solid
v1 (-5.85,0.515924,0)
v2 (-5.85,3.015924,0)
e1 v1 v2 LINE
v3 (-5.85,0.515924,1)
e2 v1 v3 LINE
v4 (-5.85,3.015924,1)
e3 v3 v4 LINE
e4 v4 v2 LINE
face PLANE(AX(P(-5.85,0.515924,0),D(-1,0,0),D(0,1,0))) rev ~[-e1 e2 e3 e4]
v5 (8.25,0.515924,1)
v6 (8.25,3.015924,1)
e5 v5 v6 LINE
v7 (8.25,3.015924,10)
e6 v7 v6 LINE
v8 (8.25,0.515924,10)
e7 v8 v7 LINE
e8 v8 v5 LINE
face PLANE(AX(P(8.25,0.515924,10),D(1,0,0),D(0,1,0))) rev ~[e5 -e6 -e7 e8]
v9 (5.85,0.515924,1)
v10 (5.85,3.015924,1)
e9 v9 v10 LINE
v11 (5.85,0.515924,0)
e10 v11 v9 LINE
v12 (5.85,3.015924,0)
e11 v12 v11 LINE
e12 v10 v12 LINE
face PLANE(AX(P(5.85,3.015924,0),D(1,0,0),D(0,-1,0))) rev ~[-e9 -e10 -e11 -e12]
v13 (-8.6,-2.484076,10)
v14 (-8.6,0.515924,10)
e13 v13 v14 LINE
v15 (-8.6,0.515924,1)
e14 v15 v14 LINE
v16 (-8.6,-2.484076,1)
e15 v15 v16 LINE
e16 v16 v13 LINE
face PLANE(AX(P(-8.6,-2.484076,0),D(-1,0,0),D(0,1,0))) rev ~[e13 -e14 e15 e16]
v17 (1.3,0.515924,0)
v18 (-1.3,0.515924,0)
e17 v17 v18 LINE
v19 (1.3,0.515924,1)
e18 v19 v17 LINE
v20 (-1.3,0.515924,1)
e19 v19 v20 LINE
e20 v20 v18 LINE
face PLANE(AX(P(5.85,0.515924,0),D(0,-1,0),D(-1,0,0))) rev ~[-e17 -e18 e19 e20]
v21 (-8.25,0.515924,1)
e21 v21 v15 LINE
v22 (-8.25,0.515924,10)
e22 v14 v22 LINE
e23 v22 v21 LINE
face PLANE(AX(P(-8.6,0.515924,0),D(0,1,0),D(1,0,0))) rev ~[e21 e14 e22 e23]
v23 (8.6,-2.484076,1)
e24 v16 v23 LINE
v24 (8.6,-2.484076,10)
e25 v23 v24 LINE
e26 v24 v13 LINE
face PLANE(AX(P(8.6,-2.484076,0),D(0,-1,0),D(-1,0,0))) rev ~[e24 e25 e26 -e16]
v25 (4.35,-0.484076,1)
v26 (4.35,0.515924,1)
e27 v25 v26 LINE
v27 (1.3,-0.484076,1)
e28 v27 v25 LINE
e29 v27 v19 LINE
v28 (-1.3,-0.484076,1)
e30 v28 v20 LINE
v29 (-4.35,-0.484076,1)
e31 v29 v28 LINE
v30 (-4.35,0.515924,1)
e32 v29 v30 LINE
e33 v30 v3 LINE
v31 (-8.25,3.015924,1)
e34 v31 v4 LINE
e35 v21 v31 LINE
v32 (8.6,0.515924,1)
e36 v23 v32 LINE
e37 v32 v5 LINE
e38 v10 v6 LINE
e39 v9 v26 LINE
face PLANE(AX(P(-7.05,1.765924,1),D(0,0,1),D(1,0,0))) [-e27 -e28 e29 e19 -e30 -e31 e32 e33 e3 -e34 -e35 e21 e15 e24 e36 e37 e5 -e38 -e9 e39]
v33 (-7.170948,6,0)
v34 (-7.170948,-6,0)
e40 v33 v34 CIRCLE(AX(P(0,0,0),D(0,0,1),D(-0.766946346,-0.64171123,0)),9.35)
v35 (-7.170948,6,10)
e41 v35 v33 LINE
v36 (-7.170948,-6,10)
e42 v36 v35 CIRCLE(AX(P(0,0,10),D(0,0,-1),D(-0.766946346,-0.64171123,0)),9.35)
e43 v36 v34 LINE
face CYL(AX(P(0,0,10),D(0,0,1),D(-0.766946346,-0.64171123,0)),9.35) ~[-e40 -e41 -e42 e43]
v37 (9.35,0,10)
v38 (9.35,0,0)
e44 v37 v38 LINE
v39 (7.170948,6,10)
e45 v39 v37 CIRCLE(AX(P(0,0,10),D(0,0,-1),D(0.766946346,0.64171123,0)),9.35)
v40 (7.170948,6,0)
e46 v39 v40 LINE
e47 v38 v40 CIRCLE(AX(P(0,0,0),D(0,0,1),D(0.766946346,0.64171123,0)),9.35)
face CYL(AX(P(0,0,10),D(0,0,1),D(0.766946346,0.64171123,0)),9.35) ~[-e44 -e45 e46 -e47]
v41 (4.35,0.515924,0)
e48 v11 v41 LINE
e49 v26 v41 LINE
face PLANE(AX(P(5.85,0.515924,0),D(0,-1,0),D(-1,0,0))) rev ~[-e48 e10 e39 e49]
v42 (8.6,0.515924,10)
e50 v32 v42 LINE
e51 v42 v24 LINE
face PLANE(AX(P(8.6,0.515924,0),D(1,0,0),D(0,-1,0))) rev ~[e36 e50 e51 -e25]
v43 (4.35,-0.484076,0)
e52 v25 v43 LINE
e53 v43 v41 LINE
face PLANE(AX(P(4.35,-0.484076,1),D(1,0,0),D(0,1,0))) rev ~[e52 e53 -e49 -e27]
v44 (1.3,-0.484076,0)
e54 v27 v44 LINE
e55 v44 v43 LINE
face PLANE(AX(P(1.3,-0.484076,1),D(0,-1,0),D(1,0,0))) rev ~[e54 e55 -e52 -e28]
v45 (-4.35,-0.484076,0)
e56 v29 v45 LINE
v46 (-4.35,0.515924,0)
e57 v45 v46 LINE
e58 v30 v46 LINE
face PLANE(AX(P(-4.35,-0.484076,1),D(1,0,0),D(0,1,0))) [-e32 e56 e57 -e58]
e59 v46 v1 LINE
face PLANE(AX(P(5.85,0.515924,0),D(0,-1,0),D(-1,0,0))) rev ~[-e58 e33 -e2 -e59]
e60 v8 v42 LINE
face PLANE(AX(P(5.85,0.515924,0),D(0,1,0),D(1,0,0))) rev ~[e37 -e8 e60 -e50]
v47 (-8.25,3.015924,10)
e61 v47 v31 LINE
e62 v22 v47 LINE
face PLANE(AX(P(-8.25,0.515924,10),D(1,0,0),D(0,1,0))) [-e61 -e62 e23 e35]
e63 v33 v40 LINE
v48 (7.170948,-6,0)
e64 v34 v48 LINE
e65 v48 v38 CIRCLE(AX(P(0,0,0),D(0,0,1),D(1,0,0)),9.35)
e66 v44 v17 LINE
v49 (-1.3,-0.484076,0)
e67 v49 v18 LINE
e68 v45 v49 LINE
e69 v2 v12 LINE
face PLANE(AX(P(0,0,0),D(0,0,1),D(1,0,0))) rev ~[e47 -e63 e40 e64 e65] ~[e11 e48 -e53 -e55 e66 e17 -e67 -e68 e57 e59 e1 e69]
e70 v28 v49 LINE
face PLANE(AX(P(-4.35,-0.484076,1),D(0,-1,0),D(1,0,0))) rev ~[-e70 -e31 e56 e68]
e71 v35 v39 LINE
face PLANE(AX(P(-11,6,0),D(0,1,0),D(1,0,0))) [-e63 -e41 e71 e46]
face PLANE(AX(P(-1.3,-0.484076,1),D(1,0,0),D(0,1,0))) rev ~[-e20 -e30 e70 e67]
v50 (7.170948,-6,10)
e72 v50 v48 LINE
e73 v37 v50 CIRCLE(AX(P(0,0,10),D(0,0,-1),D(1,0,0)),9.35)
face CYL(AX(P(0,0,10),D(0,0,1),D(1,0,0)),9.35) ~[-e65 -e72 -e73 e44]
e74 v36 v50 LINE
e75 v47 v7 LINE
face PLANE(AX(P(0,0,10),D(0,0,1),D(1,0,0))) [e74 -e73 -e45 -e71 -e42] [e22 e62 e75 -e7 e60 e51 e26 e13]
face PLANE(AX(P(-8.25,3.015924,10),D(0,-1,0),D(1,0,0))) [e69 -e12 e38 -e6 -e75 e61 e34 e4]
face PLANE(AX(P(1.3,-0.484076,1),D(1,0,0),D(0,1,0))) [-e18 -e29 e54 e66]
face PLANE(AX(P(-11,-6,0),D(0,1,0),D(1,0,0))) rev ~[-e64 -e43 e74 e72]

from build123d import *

# Parameters (mm, degrees)
F0_W     = 22
F0_H     = 12
F1_DEPTH = 1
F2_DEPTH = 10
F3_W     = 2.4
F3_H     = 2.5
F4_DEPTH = 9
F5_R     = 2
F6_R     = 12.5
F7_DEPTH = 25
F8_W     = 3.05
F8_H     = 1
F9_DEPTH = 25


with BuildPart() as f1:
    # F0 (on Top) → F1 (new body)
    with BuildSketch(Plane.XY):
        Rectangle(F0_W, F0_H)
        Polygon((-5.85, 3.0159242167), (0, 3.0159242167), (5.85, 3.0159242167), (5.85, 0.5159242167), (8.6, 0.5159242167), (8.6, -2.4840757833), (0, -2.4840757833), (-8.6, -2.4840757833), (-8.6, 0.5159242167), (-5.85, 0.5159242167), align=None, mode=Mode.SUBTRACT)
        Polygon((8.6, 0.5159242167), (5.85, 0.5159242167), (-5.85, 0.5159242167), (-8.6, 0.5159242167), (-8.6, -2.4840757833), (0, -2.4840757833), (8.6, -2.4840757833), align=None)
    extrude(amount=F1_DEPTH)

    # F0 (on Top) → F2 (join)
    with BuildSketch(Plane.XY):
        Rectangle(F0_W, F0_H)
        Polygon((-5.85, 3.0159242167), (0, 3.0159242167), (5.85, 3.0159242167), (5.85, 0.5159242167), (8.6, 0.5159242167), (8.6, -2.4840757833), (0, -2.4840757833), (-8.6, -2.4840757833), (-8.6, 0.5159242167), (-5.85, 0.5159242167), align=None, mode=Mode.SUBTRACT)
    extrude(amount=F2_DEPTH)

    # F3 (on face) → F4 (cut, through all)
    with BuildSketch(Plane.XY.offset(10)):
        with Locations((-7.05, 1.7659242167)):
            Rectangle(F3_W, F3_H)
        with Locations((7.05, 1.7659242167)):
            Rectangle(F3_W, F3_H)
    extrude(amount=-F4_DEPTH, mode=Mode.SUBTRACT)

    # F5
    f5_edges = [f1.edges().sort_by_distance(p)[0] for p in [
        (-11, -6, 5),
        (11, -6, 5),
        (-11, 6, 5),
        (11, 6, 5),
    ]]
    fillet(f5_edges, radius=F5_R)

    # F6 (on face) → F7 (cut)
    with BuildSketch(Plane.XY.offset(10)):
        Circle(F6_R)
        with BuildLine():
            ThreePointArc((-7.1709483334, 6), (0, 9.35), (7.1709483334, 6))
            Line((7.1709483334, 6), (9, 6))
            ThreePointArc((9, 6), (10.4142135624, 5.4142135624), (11, 4))
            Line((11, 4), (11, -4))
            ThreePointArc((11, -4), (10.4142135624, -5.4142135624), (9, -6))
            Line((9, -6), (7.1709483334, -6))
            ThreePointArc((7.1709483334, -6), (0, -9.35), (-7.1709483334, -6))
            Line((-7.1709483334, -6), (-9, -6))
            ThreePointArc((-9, -6), (-10.4142135624, -5.4142135624), (-11, -4))
            Line((-11, -4), (-11, 4))
            ThreePointArc((-11, 4), (-10.4142135624, 5.4142135624), (-9, 6))
            Line((-9, 6), (-7.1709483334, 6))
        make_face(mode=Mode.SUBTRACT)
        with BuildLine():
            ThreePointArc((-7.1709483334, -6), (-9.35, 0), (-7.1709483334, 6))
            Line((-7.1709483334, 6), (-9, 6))
            ThreePointArc((-9, 6), (-10.4142135624, 5.4142135624), (-11, 4))
            Line((-11, 4), (-11, -4))
            ThreePointArc((-11, -4), (-10.4142135624, -5.4142135624), (-9, -6))
            Line((-9, -6), (-7.1709483334, -6))
        make_face()
        with BuildLine():
            ThreePointArc((7.1709483334, 6), (8.788369215, 3.1917184308), (9.35, 0))
            ThreePointArc((9.35, 0), (8.788369215, -3.1917184308), (7.1709483334, -6))
            Line((7.1709483334, -6), (9, -6))
            ThreePointArc((9, -6), (10.4142135624, -5.4142135624), (11, -4))
            Line((11, -4), (11, 4))
            ThreePointArc((11, 4), (10.4142135624, 5.4142135624), (9, 6))
            Line((9, 6), (7.1709483334, 6))
        make_face()
    extrude(amount=-F7_DEPTH, mode=Mode.SUBTRACT)

    # F8 (on face) → F9 (cut)
    with BuildSketch(Plane.XY.offset(1)):
        with Locations((-2.825, 0.0159242167)):
            Rectangle(F8_W, F8_H)
        with Locations((2.825, 0.0159242167)):
            Rectangle(F8_W, F8_H)
    extrude(amount=-F9_DEPTH, mode=Mode.SUBTRACT)


solid = f1.part
